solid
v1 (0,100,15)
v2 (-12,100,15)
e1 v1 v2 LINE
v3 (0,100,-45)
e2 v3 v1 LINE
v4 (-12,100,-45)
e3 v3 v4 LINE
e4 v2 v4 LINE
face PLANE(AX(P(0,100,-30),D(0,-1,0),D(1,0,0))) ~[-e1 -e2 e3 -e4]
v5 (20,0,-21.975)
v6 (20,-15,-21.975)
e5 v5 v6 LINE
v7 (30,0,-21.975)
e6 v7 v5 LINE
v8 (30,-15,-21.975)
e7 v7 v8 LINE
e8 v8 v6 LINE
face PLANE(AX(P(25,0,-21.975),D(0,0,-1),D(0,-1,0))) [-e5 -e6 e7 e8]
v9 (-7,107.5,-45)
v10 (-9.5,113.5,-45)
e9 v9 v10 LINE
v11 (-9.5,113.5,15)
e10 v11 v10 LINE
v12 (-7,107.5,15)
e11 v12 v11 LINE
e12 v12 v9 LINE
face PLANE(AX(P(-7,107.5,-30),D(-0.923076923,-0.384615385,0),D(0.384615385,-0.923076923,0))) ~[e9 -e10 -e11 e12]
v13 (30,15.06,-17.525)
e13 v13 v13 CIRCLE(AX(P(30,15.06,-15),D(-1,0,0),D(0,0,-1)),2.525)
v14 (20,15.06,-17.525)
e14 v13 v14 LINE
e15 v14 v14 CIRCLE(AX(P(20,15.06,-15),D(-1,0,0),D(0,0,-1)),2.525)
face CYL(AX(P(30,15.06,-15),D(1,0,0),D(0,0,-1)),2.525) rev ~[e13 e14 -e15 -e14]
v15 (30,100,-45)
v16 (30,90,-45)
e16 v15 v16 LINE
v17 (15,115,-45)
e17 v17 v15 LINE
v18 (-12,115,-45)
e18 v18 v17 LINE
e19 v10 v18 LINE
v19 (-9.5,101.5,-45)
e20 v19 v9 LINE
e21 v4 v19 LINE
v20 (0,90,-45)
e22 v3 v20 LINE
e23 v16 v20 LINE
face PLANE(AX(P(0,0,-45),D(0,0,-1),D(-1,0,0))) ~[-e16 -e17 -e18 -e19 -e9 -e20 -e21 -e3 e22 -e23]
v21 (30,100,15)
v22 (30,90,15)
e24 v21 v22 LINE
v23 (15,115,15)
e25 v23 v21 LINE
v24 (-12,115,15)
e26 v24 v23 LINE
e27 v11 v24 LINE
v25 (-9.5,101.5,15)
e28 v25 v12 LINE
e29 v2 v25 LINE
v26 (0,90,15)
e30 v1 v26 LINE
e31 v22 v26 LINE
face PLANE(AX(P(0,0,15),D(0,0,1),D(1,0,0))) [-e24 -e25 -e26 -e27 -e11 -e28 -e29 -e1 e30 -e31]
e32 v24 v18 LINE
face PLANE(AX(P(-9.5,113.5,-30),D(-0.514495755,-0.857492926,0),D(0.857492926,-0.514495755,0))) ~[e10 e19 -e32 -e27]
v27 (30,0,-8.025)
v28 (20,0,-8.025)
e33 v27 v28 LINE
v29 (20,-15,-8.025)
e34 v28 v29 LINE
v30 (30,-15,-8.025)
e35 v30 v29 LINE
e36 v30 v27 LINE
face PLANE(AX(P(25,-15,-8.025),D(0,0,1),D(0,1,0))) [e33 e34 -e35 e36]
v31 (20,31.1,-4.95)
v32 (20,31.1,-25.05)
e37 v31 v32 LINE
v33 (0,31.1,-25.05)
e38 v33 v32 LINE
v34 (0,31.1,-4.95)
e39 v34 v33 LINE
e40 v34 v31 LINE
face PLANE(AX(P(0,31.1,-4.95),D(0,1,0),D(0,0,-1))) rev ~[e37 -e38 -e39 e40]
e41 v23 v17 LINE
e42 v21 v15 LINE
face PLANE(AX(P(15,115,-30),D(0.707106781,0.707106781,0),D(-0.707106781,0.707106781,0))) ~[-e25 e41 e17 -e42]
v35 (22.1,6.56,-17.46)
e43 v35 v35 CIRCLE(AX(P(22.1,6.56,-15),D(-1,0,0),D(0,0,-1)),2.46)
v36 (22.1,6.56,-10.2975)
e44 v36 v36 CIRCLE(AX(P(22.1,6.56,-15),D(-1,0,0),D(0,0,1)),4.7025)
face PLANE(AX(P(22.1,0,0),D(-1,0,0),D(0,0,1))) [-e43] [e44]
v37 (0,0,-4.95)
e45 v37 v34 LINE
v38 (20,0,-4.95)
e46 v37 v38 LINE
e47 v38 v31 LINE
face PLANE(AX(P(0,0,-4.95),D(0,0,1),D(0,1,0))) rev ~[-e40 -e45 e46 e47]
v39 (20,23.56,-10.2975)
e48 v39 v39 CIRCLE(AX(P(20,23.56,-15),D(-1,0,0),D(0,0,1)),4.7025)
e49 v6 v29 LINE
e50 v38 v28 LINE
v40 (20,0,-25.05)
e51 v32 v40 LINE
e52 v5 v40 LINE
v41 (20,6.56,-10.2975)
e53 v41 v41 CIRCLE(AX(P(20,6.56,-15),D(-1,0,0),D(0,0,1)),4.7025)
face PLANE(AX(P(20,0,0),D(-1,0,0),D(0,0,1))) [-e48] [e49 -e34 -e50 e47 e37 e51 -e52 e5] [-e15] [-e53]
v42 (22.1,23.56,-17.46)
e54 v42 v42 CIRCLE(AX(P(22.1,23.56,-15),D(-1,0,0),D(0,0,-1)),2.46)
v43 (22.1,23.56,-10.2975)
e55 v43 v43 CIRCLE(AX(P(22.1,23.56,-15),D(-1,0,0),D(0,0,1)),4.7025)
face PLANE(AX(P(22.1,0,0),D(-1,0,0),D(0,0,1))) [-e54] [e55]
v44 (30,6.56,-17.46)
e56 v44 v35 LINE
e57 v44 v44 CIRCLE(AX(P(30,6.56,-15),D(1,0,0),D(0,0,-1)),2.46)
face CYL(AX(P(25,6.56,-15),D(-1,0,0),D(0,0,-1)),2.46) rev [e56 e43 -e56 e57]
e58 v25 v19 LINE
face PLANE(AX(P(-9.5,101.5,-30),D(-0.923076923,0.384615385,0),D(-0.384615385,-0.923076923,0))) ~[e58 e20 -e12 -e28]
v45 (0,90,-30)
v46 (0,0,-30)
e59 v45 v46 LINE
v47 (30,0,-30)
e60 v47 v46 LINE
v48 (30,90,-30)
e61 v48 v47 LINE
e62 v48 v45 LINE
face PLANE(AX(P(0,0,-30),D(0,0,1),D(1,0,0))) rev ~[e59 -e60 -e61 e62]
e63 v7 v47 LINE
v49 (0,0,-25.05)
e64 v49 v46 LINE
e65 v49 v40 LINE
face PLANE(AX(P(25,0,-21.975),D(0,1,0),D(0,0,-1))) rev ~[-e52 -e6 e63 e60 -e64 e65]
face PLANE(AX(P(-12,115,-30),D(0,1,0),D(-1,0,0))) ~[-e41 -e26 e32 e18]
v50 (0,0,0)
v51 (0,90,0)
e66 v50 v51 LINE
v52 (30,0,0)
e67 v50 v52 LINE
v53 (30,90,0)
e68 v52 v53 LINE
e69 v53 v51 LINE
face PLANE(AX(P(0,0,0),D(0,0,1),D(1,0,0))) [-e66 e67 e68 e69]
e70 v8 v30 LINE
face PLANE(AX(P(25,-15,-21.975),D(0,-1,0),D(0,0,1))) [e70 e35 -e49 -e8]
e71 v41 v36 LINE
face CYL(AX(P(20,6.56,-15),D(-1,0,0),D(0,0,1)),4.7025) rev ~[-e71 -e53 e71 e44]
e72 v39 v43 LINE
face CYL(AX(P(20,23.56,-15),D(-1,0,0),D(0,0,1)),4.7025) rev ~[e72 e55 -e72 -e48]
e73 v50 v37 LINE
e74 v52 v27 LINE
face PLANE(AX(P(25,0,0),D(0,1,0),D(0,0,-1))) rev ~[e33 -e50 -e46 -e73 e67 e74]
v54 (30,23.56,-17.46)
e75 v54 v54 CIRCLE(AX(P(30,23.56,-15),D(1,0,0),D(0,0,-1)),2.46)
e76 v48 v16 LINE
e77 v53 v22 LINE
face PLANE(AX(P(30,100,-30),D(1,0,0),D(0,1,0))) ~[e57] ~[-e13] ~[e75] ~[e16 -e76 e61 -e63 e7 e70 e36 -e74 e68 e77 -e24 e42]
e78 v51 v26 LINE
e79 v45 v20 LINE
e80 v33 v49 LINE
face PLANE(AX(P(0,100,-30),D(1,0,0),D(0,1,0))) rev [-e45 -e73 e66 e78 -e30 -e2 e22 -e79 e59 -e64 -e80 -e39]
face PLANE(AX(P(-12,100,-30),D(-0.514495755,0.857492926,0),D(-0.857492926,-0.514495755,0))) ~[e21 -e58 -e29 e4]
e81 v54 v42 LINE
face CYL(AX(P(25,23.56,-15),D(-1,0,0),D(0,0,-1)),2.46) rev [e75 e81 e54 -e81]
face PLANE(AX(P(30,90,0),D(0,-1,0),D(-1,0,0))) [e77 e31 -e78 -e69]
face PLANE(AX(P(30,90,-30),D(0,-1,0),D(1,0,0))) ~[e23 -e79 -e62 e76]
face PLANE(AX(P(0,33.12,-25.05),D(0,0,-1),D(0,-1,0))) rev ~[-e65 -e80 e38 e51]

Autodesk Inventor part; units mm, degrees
ref_plane "YZ Plane" through (0, 0, 0) normal (1, 0, 0) x (0, 1, 0)
ref_plane "XZ Plane" through (0, 0, 0) normal (0, 1, 0) x (-1, 0, 0)
sketch "Sketch1" plane through (0, 0, 0) normal (0, 0, 1) x (1, 0, 0)
  line L0 (0, 0) -> (25, 0)
  line L1 (25, 0) -> (25, 40)
  line L2 (25, 40) -> (0, 40)
  line L3 (0, 40) -> (0, 0)
  dimension "d1" = 25
  dimension "d2" = 40
  dimension "d3" = 25
extrude "Extrusion1" add sketch "Sketch1" against normal blind 30
sketch "Sketch2" plane through (25, 0, 0) normal (1, 0, 0) x (0, 0, -1)
  line L0 (0, 0) -> (30, 0) projected
  circle A0 centre (15, 6.56) radius 2.46
extrude "Extrusion2" cut sketch "Sketch2" against normal blind 30
sketch "Sketch3" plane through (0, 0, 0) normal (-1, 0, 0) x (0, 0, 1)
  line L0 (0, 0) -> (-30, 0) projected
  line L1 (-25.05, 0) -> (-4.95, 0)
  line L2 (-4.95, 0) -> (-4.95, 33.12)
  line L3 (-4.95, 33.12) -> (-25.05, 33.12)
  line L4 (-25.05, 33.12) -> (-25.05, 0)
  dimension "d11" = 20.1
extrude "Extrusion3" cut sketch "Sketch3" against normal blind 20
sketch "Sketch4" plane through (0, 0, 0) normal (0, -1, 0) x (1, 0, 0)
  line L0 (20, -4.95) -> (20, -25.05) projected
  line L1 (20, -15) -> (25, -15)
  line L2 (25, 0) -> (25, -30) projected
  line L3 (20, -8.025) -> (25, -8.025)
  line L4 (25, -8.025) -> (25, -21.975)
  line L5 (25, -21.975) -> (20, -21.975)
  line L6 (20, -21.975) -> (20, -8.025)
  line L7 (20, -8.025) -> (25, -21.975) construction
  line L8 (25, -8.025) -> (20, -21.975) construction
  line L9 (25, -12.54) -> (25, -17.46) projected
  point P0 (0, 0)
  point P1 (22.5, -15)
  dimension "d14" = 13.95
extrude "Extrusion4" add sketch "Sketch4" along normal blind 15
sketch "Sketch5" plane through (20, 0, 0) normal (-1, 0, 0) x (0, 0, 1)
  circle A0 centre (-15, 6.56) radius 2.46 projected
  circle A1 centre (-15, 6.56) radius 4.7025
  circle A2 centre (-15, 6.56) radius 2.46 projected
  circle A3 centre (-15, 6.56) radius 2.46
  point P0 (0, 0)
  dimension "d17" = 9.405
extrude "Extrusion5" cut sketch "Sketch5" against normal blind 2.1
sketch "Sketch6" plane through (25, 0, 0) normal (1, 0, 0) x (0, 0, -1)
  circle A0 centre (15, 6.56) radius 4.7025 projected
  line L0 (15, 6.56) -> (15, 23.56)
  circle A1 centre (15, 23.56) radius 2.46
  point P0 (0, 0)
  dimension "d20" = 17
  dimension "d21" = 4.92
extrude "Extrusion6" cut sketch "Sketch6" against normal blind 10 contours A1
sketch "Sketch7" plane through (20, 0, 0) normal (-1, 0, 0) x (0, 0, 1)
  circle A0 centre (-15, 23.56) radius 2.46 projected
  circle A1 centre (-15, 23.56) radius 4.7025
  point P0 (0, 0)
  dimension "d24" = 9.405
extrude "Extrusion7" cut sketch "Sketch7" against normal blind 2.1
sketch "Sketch9" plane through (25, 0, 0) normal (1, 0, 0) x (0, 0, -1)
  circle A0 centre (15, 6.56) radius 2.46 projected
  circle A1 centre (15, 6.56) radius 2.46
  circle A2 centre (15, 23.56) radius 2.46 projected
  circle A3 centre (15, 23.56) radius 2.46
  line L0 (30, 40) -> (30, 0) projected
  line L1 (30, 0) -> (30, 40)
  line L2 (30, 40) -> (0, 40)
  line L3 (0, 40) -> (0, 0)
  line L4 (0, 0) -> (8.025, 0) projected
  line L5 (21.975, 0) -> (21.975, -15)
  line L6 (21.975, -15) -> (8.025, -15)
  line L7 (8.025, -15) -> (8.025, 0)
  line L8 (0, 0) -> (8.025, 0)
  line L9 (21.975, 0) -> (30, 0)
extrude "Extrusion8" add sketch "Sketch9" along normal blind 5
sketch "Sketch10" plane through (0, 40, 0) normal (0, 1, 0) x (1, 0, 0)
  line L0 (0, 30) -> (30, 30) projected
  line L1 (30, 0) -> (0, 0) projected
  line L2 (0, 30) -> (30, 30)
  line L3 (30, 30) -> (30, 0)
  line L4 (30, 0) -> (0, 0)
  line L5 (0, 0) -> (0, 30)
extrude "Extrusion9" add sketch "Sketch10" along normal blind 30
sketch "Sketch12" plane through (30, 0, 0) normal (1, 0, 0) x (0, 0, -1)
  circle A0 centre (15, 6.56) radius 2.46 projected
  line L0 (15, 6.56) -> (15, 15.06)
  circle A1 centre (15, 15.06) radius 2.525
  point P0 (0, 0)
  dimension "d31" = 8.5
  dimension "d33" = 5.05
extrude "Extrusion10" cut sketch "Sketch12" against normal blind 30 contours A1
sketch "Sketch14" plane through (0, 0, 0) normal (0, 0, 1) x (1, 0, 0)
  line L0 (30, 70) -> (0, 70) projected
  line L1 (0, 70) -> (0, 85)
  line L2 (30, 100) -> (15, 115)
  line L3 (-12, 115) -> (15, 115)
  line L4 (30, 0) -> (30, 70) projected
  line L5 (30, 100) -> (30, 70)
  line L6 (-9.5, 113.5) -> (-12, 115)
  line L7 (-9.5, 101.5) -> (-12, 100)
  line L8 (-7, 107.5) -> (-9.5, 101.5)
  line L9 (-7, 107.5) -> (-9.5, 113.5)
  line L10 (0, 100) -> (0, 85)
  line L11 (0, 100) -> (-12, 100)
  point P0 (0, 0)
  dimension "d49" = 15
  dimension "d61" = 12
extrude "Extrusion12" add sketch "Sketch14" against normal blind 30
sketch "Sketch15" plane through (0, 0, -25.05) normal (-1, 0, 0) x (0, 0, 1)
  line L0 (0, 33.12) -> (20.1, 33.12) projected
  line L1 (20.1, 33.12) -> (20.1, 0) projected
  line L2 (0, 33.12) -> (20.1, 33.12)
  line L3 (20.1, 33.12) -> (20.1, 31.1)
  line L4 (20.1, 31.1) -> (0, 31.1)
  line L5 (0, 31.1) -> (0, 33.12)
  point P0 (25.05, 0)
  dimension "d57" = 2.02
extrude "Extrusion13" add sketch "Sketch15" against normal blind 20
sketch "Sketch19" plane through (0, 0, 0) normal (0, 0, 1) x (1, 0, 0)
  line L0 (0, 100) -> (0, 0) projected
  line L1 (0, 100) -> (-12, 100) projected
  line L2 (0, 100) -> (-12, 100)
  line L3 (-12, 100) -> (-9.5, 101.5) projected
  line L4 (-12, 100) -> (-9.5, 101.5)
  line L5 (-9.5, 101.5) -> (-7, 107.5) projected
  line L6 (-9.5, 101.5) -> (-7, 107.5)
  line L7 (-7, 107.5) -> (-9.5, 113.5) projected
  line L8 (-7, 107.5) -> (-9.5, 113.5)
  line L9 (-9.5, 113.5) -> (-12, 115) projected
  line L10 (-9.5, 113.5) -> (-12, 115)
  line L11 (-12, 115) -> (15, 115) projected
  line L12 (-12, 115) -> (15, 115)
  line L13 (15, 115) -> (30, 100) projected
  line L14 (15, 115) -> (30, 100)
  line L15 (30, 100) -> (30, 90)
  line L16 (30, 0) -> (30, 100) projected
  line L17 (30, 90) -> (0, 90)
  line L18 (0, 0) -> (0, 100) projected
  line L19 (0, 90) -> (0, 100)
  dimension "d62" = 10
  dimension "d63" = 30
extrude "Extrusion14" add sketch "Sketch19" along normal blind 15
ref_plane "Work Plane1" through (0, 0, -15) normal (0, 0, 1) x (1, 0, 0)
mirror "Mirror1" about plane through (0, 0, -15) normal (0, 0, 1) of "Extrusion14"
properties part number "rec_b_12mm_x_60mm"
